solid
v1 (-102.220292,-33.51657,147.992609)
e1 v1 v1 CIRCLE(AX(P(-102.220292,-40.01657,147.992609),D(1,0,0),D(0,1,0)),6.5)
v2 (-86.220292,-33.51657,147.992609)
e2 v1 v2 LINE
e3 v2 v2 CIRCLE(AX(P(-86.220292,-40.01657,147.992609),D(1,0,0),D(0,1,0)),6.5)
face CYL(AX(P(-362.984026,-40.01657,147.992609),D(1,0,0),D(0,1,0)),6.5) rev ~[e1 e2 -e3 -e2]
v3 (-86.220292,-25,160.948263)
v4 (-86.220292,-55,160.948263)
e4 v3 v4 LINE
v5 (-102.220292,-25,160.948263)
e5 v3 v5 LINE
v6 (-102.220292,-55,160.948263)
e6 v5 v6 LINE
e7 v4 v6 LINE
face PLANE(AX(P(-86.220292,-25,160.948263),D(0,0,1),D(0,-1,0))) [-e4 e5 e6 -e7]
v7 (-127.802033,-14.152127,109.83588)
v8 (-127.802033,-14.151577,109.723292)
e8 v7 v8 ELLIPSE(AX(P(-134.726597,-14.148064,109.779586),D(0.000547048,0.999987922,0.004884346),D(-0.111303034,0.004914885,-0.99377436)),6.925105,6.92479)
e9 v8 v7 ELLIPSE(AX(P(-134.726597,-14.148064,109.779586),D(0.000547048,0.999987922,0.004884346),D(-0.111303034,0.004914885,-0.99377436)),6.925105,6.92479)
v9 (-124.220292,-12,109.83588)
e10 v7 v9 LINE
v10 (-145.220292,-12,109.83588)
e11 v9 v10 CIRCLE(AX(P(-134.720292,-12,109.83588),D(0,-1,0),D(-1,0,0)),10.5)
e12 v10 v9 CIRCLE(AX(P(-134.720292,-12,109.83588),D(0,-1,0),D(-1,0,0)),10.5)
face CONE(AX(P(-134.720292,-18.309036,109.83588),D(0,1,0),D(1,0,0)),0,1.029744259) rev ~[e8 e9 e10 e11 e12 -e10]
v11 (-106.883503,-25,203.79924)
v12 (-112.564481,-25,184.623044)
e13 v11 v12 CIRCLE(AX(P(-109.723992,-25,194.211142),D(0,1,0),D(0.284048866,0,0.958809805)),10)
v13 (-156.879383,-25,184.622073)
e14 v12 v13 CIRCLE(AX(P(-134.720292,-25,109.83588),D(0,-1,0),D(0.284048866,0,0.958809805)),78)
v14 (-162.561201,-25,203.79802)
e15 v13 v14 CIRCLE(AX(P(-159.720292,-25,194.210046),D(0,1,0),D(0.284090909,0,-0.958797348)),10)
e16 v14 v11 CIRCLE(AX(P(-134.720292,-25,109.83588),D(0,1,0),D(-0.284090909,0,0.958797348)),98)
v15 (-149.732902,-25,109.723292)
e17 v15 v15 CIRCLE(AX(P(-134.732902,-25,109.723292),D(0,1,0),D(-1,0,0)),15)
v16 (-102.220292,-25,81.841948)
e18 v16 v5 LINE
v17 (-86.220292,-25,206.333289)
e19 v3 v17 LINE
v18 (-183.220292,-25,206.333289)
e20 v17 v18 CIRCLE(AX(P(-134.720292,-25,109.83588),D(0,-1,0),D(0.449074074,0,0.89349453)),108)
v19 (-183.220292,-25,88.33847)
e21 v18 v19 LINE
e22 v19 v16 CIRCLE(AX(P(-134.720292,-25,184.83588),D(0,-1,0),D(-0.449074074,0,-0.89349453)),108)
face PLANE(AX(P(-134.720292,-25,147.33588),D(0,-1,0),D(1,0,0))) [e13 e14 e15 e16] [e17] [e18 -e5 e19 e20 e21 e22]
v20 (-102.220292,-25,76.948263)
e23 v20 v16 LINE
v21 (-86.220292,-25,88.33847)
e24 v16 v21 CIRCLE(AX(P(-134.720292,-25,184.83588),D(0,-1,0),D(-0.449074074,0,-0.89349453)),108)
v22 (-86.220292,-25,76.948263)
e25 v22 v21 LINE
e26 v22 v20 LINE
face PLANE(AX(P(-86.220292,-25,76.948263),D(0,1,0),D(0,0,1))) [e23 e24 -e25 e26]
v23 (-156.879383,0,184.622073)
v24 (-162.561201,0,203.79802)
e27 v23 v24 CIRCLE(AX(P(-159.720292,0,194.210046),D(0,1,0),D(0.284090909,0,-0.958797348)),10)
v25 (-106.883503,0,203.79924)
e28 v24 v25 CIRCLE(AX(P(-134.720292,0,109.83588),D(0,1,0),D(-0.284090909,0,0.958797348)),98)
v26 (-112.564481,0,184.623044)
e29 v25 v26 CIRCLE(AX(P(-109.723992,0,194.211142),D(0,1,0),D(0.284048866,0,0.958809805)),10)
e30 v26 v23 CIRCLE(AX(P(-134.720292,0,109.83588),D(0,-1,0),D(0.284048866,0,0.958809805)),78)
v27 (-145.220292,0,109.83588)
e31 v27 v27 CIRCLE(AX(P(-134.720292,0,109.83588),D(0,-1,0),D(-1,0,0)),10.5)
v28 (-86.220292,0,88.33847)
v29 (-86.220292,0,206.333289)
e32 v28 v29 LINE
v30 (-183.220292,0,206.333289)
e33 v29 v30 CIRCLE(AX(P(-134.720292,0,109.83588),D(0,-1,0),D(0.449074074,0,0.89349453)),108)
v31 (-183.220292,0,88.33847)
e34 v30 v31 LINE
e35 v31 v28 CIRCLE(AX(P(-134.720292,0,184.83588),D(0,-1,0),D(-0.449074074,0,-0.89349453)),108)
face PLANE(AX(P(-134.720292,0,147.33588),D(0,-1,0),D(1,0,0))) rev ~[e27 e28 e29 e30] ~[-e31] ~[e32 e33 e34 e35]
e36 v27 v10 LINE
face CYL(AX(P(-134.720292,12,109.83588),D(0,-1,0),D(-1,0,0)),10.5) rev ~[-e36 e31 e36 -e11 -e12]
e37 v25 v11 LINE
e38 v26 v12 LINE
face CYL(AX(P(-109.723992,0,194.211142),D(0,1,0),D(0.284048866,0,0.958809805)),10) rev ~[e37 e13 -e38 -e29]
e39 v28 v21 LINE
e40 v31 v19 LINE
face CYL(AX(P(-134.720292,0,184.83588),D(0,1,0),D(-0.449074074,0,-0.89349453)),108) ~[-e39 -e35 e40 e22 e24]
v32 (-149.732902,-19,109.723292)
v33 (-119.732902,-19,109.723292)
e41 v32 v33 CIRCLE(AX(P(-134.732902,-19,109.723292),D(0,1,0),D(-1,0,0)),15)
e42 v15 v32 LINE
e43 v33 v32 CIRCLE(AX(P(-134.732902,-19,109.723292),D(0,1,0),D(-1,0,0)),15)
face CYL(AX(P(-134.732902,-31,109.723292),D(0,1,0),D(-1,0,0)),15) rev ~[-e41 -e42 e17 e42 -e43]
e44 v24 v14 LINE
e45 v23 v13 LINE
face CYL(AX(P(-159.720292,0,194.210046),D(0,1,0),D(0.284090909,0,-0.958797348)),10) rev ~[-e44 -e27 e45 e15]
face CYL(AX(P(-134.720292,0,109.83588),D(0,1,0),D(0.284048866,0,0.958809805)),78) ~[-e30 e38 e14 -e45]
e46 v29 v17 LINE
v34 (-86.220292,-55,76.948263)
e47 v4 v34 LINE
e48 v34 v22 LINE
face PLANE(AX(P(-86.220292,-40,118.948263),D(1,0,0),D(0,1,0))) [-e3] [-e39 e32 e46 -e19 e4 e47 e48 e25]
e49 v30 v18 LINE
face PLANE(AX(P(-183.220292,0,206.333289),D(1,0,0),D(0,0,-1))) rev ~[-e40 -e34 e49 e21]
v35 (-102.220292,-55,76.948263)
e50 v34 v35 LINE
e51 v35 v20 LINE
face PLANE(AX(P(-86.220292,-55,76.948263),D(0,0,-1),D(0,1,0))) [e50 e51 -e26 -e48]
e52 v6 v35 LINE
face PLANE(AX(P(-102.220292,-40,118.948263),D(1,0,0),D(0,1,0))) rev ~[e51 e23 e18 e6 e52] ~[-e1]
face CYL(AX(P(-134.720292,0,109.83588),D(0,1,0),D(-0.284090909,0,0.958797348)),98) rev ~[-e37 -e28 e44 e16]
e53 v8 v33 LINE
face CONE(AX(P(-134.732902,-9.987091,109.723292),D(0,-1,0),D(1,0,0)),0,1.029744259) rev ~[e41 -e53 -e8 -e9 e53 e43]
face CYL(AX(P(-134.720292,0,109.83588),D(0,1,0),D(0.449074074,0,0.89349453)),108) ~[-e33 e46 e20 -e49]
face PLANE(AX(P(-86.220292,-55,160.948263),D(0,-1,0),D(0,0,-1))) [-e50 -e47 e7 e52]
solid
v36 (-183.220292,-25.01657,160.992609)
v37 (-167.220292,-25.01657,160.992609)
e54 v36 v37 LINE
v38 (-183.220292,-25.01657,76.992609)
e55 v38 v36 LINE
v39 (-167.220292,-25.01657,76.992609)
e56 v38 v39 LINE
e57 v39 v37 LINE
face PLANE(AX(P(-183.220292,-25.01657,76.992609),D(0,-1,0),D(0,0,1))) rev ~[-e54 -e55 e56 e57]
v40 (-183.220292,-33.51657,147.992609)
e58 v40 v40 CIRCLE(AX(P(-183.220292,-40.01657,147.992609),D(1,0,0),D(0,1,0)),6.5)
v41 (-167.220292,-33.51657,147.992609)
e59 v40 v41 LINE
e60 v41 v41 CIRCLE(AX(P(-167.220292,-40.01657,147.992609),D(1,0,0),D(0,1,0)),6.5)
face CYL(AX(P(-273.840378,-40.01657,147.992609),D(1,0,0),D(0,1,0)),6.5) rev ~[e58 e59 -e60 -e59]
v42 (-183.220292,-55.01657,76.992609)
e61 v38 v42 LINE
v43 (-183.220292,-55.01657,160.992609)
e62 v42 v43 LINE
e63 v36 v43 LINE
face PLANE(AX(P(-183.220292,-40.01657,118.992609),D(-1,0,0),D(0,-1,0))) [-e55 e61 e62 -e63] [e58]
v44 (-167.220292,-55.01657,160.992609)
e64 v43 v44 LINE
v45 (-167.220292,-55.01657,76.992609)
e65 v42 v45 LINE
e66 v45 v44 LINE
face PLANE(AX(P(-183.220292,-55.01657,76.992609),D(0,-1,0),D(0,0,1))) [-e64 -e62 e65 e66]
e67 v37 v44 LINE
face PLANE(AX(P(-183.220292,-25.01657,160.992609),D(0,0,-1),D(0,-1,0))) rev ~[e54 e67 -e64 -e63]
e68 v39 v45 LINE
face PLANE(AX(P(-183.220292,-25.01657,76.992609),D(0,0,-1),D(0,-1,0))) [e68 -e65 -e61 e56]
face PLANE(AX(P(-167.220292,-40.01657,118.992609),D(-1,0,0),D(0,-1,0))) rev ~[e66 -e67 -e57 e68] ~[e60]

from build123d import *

# Parameters (mm, degrees)
F1_DEPTH = 25
F2_D     = 21
F2_DEPTH = 12
F2_TIP   = 6.3090364998
F4_D     = 30
F4_DEPTH = 6
F4_TIP   = 9.0129092854
F6_DEPTH = 16
F7_W     = 30
F7_H     = 84
F8_DEPTH = 16
F10_D    = 13
F10_2_D  = 13


with BuildPart() as f1:
    # F0 (on Front) → F1 (new body)
    with BuildSketch(Plane.XZ):
        with BuildLine():
            ThreePointArc((-86.2202922475, 206.3332887963), (-134.7202922475, 217.8358795047), (-183.2202922475, 206.3332887963))
            Line((-183.2202922475, 206.3332887963), (-183.2202922475, 88.338470213))
            ThreePointArc((-183.2202922475, 88.338470213), (-134.7202922475, 76.8358795047), (-86.2202922475, 88.338470213))
            Line((-86.2202922475, 88.338470213), (-86.2202922475, 206.3332887963))
        make_face()
        with BuildLine():
            ThreePointArc((-162.5612013385, 203.7980196516), (-134.7224408787, 207.8358794811), (-106.8835033872, 203.7992403745))
            ThreePointArc((-106.8835033872, 203.7992403745), (-100.1358939985, 191.3706536673), (-112.5644807056, 184.6230442786))
            ThreePointArc((-112.5644807056, 184.6230442786), (-134.7220023826, 187.8358794859), (-156.8793831566, 184.6220726829))
            ThreePointArc((-156.8793831566, 184.6220726829), (-169.3082657319, 191.3691370763), (-162.5612013385, 203.7980196516))
        make_face(mode=Mode.SUBTRACT)
    extrude(amount=F1_DEPTH)

    # F2
    with Locations(Plane(origin=(0, 0, 0), x_dir=(1, 0, 0), z_dir=(0, 1, 0))):
        with Locations((-134.7202922475, -109.8358795047)):
            Hole(F2_D / 2, depth=F2_DEPTH)
            with Locations((0, 0, -(F2_DEPTH + F2_TIP / 2))):  # 118° drill point
                Cone(0, F2_D / 2, F2_TIP, mode=Mode.SUBTRACT)

    # F4
    with Locations(Plane.XZ.offset(25)):
        with Locations((-134.73290205, 109.7232922912)):
            Hole(F4_D / 2, depth=F4_DEPTH)
            with Locations((0, 0, -(F4_DEPTH + F4_TIP / 2))):  # 118° drill point
                Cone(0, F4_D / 2, F4_TIP, mode=Mode.SUBTRACT)

    # F5 (on face) → F6 (join)
    with BuildSketch(Plane.YZ.offset(-86.2202922475)):
        Polygon((-55, 76.9482627511), (-25, 76.9482627511), (-25, 88.338470213), (-25, 160.9482627511), (-55, 160.9482627511), align=None)
    extrude(amount=-F6_DEPTH)

    # F10 (through all)
    with Locations(Plane(origin=(-183.2202922475, 0, 0), x_dir=(0, -1, 0), z_dir=(-1, 0, 0))):
        with Locations((40.0165704638, 147.9926086068)):
            Hole(F10_D / 2)


with BuildPart() as f8:
    # F7 (on face) → F8 (new body)
    with BuildSketch(Plane(origin=(-183.2202922475, 0, 0), x_dir=(0, -1, 0), z_dir=(-1, 0, 0))):
        with Locations((40.0165704638, 118.9926086068)):
            Rectangle(F7_W, F7_H)
    extrude(amount=-F8_DEPTH)

    # F10#2 (through all)
    with Locations(Plane(origin=(-183.2202922475, 0, 0), x_dir=(0, -1, 0), z_dir=(-1, 0, 0))):
        with Locations((40.0165704638, 147.9926086068)):
            Hole(F10_2_D / 2)


solid = Compound([f1.part, f8.part])
